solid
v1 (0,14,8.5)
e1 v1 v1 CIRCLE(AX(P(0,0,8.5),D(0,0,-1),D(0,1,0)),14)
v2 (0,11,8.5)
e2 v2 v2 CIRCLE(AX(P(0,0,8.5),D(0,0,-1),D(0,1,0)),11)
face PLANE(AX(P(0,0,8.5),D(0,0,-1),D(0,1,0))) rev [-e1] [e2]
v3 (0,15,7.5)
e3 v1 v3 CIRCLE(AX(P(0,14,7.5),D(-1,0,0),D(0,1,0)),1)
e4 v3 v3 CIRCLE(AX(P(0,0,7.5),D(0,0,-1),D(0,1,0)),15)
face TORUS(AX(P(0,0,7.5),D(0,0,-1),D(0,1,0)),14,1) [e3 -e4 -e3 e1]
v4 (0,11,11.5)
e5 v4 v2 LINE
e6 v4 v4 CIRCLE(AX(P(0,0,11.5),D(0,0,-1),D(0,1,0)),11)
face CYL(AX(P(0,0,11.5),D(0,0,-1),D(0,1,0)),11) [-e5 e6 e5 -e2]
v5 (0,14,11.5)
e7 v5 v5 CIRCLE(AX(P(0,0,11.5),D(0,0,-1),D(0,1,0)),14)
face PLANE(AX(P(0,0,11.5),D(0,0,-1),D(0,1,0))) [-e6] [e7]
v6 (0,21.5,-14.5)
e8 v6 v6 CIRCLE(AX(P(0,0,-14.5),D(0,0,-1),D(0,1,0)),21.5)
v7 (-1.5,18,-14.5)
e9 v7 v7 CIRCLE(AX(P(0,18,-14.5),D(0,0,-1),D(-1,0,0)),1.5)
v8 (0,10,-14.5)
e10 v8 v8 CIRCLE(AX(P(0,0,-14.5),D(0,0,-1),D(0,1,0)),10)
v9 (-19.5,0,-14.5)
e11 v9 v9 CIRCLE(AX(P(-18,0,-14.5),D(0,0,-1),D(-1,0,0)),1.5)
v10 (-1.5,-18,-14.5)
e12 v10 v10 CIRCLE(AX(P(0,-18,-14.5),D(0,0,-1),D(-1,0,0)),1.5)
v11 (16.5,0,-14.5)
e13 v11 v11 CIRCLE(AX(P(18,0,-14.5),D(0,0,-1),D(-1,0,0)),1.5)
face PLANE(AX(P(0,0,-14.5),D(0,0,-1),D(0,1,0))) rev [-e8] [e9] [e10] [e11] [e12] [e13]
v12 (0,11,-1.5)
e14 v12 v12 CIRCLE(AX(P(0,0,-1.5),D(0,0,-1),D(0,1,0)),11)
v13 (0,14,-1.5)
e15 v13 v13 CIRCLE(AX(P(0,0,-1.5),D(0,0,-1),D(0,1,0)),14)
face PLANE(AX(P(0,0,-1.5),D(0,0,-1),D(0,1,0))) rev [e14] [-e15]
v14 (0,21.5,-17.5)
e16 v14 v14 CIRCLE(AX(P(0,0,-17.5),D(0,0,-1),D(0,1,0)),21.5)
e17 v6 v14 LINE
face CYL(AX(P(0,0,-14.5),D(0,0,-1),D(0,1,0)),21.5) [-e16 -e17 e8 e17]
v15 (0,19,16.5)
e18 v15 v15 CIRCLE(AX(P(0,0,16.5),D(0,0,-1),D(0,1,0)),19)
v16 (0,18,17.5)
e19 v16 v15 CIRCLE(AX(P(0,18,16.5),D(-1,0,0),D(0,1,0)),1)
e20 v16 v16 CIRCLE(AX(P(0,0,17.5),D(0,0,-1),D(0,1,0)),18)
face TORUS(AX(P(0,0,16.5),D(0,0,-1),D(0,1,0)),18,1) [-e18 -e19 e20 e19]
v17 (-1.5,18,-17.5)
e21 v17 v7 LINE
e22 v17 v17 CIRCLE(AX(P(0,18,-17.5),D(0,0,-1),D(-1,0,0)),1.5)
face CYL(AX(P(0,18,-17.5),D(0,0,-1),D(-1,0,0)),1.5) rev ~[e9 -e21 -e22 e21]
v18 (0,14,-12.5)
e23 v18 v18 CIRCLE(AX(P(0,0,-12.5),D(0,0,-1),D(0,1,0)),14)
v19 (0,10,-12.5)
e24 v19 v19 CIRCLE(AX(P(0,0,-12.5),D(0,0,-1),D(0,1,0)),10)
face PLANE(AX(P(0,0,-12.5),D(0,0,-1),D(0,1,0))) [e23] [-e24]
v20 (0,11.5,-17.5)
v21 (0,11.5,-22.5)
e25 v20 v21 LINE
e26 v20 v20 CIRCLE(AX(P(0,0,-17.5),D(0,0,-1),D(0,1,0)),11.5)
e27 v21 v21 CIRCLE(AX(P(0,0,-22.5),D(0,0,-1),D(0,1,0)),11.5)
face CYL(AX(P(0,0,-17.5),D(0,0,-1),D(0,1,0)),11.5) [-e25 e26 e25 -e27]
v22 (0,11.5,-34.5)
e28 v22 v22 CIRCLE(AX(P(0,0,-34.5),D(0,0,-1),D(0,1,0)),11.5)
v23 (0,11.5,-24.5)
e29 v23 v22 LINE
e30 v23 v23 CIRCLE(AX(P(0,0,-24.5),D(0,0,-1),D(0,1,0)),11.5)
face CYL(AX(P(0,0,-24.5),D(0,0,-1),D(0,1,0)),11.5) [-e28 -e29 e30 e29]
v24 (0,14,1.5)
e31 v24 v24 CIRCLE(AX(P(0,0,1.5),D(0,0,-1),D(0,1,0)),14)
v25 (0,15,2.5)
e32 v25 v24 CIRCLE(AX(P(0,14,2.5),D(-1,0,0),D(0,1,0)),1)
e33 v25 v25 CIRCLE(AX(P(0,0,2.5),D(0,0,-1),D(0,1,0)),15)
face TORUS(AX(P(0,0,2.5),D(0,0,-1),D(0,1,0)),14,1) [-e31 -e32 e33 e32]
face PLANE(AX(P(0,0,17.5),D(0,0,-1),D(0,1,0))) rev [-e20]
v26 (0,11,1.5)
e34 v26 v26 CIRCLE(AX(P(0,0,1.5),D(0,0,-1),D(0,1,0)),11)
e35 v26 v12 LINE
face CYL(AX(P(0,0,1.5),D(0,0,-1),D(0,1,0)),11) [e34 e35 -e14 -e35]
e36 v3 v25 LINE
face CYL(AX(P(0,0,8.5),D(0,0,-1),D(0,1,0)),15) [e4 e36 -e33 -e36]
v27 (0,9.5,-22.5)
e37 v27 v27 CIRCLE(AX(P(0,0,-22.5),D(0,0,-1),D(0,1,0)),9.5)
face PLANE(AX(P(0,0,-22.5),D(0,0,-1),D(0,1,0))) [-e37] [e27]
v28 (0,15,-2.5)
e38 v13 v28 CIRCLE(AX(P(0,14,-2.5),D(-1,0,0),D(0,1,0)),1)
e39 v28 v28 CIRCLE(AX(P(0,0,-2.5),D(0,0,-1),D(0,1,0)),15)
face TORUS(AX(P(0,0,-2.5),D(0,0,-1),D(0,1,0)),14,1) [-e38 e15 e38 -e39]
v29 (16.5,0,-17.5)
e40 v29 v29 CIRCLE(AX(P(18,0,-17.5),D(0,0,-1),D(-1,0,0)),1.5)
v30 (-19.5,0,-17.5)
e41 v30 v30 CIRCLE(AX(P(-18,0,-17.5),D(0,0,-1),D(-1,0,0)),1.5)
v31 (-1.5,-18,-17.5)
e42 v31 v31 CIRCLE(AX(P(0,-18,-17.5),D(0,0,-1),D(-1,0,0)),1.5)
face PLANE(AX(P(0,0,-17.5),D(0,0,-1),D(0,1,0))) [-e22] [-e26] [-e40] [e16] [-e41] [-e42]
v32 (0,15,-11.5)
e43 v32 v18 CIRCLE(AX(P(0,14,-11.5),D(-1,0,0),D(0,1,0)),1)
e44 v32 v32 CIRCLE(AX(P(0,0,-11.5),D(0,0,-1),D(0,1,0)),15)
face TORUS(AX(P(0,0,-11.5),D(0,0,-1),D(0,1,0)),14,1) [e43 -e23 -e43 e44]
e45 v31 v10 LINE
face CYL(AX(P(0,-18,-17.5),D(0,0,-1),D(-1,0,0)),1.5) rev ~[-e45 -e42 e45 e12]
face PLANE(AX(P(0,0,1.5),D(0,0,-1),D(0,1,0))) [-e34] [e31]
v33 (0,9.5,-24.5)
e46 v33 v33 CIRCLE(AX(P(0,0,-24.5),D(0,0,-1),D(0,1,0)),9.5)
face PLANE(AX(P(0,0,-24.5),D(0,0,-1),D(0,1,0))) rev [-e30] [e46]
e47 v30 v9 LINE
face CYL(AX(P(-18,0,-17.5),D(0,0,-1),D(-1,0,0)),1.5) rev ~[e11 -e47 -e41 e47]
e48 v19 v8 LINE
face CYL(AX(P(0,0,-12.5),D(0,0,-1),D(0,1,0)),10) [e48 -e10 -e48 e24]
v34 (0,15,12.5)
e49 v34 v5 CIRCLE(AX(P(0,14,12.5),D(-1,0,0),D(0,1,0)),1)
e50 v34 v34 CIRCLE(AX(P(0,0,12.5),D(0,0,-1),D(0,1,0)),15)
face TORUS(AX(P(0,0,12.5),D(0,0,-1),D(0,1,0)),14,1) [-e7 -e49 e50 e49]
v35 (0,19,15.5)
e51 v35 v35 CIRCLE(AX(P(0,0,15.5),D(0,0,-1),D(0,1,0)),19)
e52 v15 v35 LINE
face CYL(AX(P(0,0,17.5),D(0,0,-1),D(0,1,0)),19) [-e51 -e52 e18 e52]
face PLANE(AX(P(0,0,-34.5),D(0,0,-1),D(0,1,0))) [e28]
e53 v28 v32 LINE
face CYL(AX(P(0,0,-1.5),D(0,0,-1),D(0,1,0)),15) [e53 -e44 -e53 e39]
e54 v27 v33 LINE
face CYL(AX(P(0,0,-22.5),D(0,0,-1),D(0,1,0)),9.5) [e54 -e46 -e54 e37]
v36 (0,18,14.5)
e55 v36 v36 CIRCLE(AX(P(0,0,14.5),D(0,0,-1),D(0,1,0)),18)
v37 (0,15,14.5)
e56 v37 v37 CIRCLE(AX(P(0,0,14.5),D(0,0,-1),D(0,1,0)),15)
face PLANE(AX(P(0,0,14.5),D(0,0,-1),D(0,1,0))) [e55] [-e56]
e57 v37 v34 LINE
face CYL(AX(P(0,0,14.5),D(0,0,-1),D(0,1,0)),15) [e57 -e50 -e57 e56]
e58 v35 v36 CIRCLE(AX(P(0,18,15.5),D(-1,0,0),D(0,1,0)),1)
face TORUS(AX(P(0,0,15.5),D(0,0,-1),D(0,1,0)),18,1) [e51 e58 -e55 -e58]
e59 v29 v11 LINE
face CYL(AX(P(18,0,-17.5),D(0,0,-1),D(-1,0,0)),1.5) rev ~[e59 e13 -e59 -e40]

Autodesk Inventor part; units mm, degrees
ref_plane "YZ Plane" through (0, 0, 0) normal (1, 0, 0) x (0, 1, 0)
ref_plane "XZ Plane" through (0, 0, 0) normal (0, 1, 0) x (-1, 0, 0)
ref_plane "XY Plane" through (0, 0, 0) normal (0, 0, 1) x (1, 0, 0)
sketch "BodySketch" plane through (0, 0, 0) normal (1, 0, 0) x (0, 1, 0)
  line L0 (0, 17.5) -> (15, 17.5)
  line L1 (11.5, -34.5) -> (0, -34.5)
  line L2 (0, -34.5) -> (0, 17.5)
  line L3 (15, 1.5) -> (11, 1.5)
  line L4 (11, 1.5) -> (11, -1.5)
  line L5 (11, -1.5) -> (15, -1.5)
  line L6 (15, -1.5) -> (15, -12.5)
  line L7 (0, 0) -> (26.3241, 0) construction
  line L8 (0, 25.0354) -> (0, 0) construction
  line L9 (15, 17.5) -> (19, 17.5)
  line L10 (19, 17.5) -> (19, 14.5)
  line L11 (19, 14.5) -> (15, 14.5)
  line L12 (15, 14.5) -> (15, 17.5) construction
  line L13 (15, 11.5) -> (11, 11.5)
  line L14 (11, 11.5) -> (11, 8.5)
  line L15 (11, 8.5) -> (15, 8.5)
  line L16 (15, 14.5) -> (15, 11.5)
  line L17 (15, 8.5) -> (15, 1.5)
  line L18 (15, -12.5) -> (10, -12.5)
  line L19 (10, -14.5) -> (21.5, -14.5)
  line L20 (21.5, -14.5) -> (21.5, -17.5)
  line L21 (21.5, -17.5) -> (11.5, -17.5)
  line L22 (11.5, -22.5) -> (9.5, -22.5)
  line L23 (9.5, -22.5) -> (9.5, -24.5)
  line L24 (9.5, -24.5) -> (11.5, -24.5)
  line L25 (10, -12.5) -> (10, -14.5)
  line L26 (11.5, -17.5) -> (11.5, -22.5)
  line L27 (11.5, -24.5) -> (11.5, -34.5)
  dimension "Motor_Body_Length" = 52
  dimension "Motor_Body_Belt_Width" = 3
  dimension "Motor_Body_Crown_Height" = 3
  dimension "d14" = 15
  dimension "d15" = 19
  dimension "d16" = 11
  dimension "d17" = 11
  dimension "d18" = 7
  dimension "d19" = 10
  dimension "d20" = 21.5
  dimension "d21" = 11.5
  dimension "d22" = 2
  dimension "d23" = 3
  dimension "d24" = 2
  dimension "d26" = 5
  dimension "d27" = 2
  dimension "d36" = 27
revolve "Body" add sketch "BodySketch" angle 360 about axis through (0, 0, 25.0354) along (0, 0, -1)
fillet "Fillet1" radius 1 7 edges at (0, -19, 14.5) (0, -15, 1.5) (0, -15, -1.5) (0, -15, -12.5) (0, -19, 17.5) (0, -15, 11.5) (0, -15, 8.5)
sketch "FasteningHoleSketch" plane through (0, 0, -17.5) normal (0, 0, -1) x (-1, 0, 0)
  circle A0 centre (0, 0) radius 11.5 projected
  circle A1 centre (0, 0) radius 21.5 projected
  circle A2 centre (0, 18) radius 1.5
  line L0 (0, 0) -> (0, 24.6979) construction
  circle A3 centre (18, 0) radius 1.5
  circle A4 centre (0, -18) radius 1.5
  circle A5 centre (-18, 0) radius 1.5
  dimension "Motor_FasteningHole_Size" = 3
  dimension "Motor_FasteningHole_DistanceToBorder" = 2
  dimension "d32" = 360
extrude "FasteningHole" cut sketch "FasteningHoleSketch" against normal up to surface (3 mm away) contours A2 | A3 | A4 | A5
equation "\"d14\" = 0.5 * Motor_WheelInterface_Diameter"
equation "\"d36\" = Motor_WheelInterface_Length"
equation "\"Motor_WheelInterface_Diameter\" = 30"
equation "\"Motor_WheelInterface_Length\" = 27"
equation "\"Motor_FasteningHole_DistanceToCenter\" = 18"
properties part number "Motor" material "Titanium"
